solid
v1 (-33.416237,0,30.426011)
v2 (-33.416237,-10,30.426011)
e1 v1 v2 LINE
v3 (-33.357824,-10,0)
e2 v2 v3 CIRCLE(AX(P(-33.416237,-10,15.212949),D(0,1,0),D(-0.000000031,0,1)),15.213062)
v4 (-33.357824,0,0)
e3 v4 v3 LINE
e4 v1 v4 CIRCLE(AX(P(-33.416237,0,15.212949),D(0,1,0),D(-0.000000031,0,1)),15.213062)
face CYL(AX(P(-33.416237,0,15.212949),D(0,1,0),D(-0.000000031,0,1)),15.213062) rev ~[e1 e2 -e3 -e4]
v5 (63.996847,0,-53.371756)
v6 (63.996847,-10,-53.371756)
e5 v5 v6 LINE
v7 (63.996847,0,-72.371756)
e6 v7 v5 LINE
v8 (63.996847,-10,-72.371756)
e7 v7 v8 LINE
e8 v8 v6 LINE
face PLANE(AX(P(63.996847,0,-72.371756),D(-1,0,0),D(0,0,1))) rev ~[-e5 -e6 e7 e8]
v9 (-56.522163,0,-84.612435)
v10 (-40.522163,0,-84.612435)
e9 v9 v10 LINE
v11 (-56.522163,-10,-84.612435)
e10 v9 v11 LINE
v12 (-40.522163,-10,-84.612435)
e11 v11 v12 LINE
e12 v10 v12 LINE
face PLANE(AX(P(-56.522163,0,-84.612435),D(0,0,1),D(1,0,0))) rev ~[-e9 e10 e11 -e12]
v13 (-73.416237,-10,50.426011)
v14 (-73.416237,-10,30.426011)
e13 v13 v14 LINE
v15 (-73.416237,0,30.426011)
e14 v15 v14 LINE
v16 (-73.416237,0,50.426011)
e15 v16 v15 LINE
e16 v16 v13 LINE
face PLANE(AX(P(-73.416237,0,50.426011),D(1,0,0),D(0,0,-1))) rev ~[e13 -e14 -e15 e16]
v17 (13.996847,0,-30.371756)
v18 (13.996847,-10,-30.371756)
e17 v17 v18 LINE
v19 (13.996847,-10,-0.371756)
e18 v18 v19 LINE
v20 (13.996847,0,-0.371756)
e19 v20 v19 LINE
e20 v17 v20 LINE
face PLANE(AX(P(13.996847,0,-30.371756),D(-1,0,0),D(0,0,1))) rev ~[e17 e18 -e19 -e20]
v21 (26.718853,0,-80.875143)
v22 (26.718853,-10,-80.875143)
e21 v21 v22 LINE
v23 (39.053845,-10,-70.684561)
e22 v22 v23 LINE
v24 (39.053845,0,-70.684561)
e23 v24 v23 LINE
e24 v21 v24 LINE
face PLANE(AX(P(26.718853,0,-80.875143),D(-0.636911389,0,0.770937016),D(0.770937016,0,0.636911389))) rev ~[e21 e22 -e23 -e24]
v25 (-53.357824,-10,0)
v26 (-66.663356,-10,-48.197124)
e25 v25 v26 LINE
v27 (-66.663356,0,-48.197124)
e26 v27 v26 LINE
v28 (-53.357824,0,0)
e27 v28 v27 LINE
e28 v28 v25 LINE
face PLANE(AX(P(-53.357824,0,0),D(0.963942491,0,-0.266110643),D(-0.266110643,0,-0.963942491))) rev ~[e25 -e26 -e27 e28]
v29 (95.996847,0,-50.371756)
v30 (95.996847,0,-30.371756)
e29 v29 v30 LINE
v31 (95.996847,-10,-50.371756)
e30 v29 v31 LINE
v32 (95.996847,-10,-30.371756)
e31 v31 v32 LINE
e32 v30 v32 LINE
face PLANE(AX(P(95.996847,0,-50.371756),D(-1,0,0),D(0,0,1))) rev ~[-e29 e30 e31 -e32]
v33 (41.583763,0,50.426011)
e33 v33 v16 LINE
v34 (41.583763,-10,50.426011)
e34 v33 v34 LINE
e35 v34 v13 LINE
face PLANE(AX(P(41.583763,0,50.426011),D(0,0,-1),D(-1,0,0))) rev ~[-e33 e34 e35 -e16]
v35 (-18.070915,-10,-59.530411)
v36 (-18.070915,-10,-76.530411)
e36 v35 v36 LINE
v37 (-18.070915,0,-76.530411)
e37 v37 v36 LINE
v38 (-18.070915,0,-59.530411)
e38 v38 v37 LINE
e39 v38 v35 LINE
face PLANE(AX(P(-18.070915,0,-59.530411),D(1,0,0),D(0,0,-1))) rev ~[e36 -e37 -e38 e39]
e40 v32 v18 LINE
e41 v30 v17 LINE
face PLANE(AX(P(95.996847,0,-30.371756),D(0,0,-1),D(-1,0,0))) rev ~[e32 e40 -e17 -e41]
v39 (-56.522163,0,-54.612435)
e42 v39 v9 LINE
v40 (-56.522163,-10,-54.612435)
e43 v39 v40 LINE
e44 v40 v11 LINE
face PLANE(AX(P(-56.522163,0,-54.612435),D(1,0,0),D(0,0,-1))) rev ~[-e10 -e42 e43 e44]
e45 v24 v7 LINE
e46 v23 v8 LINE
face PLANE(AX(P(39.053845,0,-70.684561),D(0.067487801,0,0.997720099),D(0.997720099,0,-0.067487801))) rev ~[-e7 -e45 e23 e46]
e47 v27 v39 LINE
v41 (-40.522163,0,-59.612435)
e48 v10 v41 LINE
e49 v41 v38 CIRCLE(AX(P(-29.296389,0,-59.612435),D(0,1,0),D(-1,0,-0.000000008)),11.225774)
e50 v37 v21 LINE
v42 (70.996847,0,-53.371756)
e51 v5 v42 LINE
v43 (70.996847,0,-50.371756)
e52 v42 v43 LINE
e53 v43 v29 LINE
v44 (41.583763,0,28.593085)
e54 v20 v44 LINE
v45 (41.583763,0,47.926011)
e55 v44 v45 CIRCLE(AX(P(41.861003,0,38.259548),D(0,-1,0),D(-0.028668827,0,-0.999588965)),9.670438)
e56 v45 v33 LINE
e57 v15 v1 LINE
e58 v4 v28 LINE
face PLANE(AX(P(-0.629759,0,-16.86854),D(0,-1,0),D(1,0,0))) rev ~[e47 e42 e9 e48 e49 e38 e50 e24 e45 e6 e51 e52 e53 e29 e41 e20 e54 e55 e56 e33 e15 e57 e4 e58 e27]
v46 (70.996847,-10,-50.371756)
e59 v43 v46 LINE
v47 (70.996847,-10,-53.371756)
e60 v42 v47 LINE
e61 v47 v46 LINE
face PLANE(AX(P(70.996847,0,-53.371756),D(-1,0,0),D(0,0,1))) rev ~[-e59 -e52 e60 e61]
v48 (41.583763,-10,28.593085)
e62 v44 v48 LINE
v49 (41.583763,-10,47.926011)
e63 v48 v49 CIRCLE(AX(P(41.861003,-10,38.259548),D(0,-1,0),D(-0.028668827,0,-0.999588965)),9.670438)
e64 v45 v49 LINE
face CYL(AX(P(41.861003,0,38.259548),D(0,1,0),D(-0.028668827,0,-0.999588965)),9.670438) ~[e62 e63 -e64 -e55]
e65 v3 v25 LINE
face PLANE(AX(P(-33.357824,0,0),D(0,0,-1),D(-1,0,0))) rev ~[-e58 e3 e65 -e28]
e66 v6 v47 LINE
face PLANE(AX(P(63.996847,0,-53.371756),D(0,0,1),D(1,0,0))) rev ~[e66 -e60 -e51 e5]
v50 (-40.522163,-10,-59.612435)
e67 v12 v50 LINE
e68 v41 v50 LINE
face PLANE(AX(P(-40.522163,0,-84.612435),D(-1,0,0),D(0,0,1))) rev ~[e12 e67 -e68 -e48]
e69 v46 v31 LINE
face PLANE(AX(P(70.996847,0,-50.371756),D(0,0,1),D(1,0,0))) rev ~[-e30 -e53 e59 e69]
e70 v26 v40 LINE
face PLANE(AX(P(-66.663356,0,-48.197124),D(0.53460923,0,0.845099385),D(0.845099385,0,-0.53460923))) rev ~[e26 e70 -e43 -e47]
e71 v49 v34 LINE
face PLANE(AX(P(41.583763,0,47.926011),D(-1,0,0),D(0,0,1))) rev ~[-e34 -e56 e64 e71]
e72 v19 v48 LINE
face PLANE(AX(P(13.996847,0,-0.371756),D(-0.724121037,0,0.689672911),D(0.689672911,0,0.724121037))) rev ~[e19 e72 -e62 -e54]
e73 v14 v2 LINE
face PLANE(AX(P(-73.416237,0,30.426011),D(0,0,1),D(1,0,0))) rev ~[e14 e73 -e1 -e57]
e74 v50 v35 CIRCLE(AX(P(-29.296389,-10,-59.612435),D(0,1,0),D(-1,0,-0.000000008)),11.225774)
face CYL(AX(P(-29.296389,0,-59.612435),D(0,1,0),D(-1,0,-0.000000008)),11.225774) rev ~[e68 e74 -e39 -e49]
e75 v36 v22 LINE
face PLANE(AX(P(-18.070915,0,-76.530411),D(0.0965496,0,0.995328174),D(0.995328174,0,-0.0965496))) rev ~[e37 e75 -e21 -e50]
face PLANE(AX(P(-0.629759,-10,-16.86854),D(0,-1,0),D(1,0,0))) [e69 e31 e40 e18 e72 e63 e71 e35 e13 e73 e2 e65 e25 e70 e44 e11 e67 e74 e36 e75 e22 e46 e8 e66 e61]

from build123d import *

# Parameters (mm, degrees)
F1_DEPTH = 10


with BuildPart() as f1:
    # F0 (on Front) → F1 (new body)
    with BuildSketch(Plane.XZ):
        with BuildLine():
            Line((41.583763, 50.426011), (-73.416237, 50.426011))
            Line((-73.416237, 50.426011), (-73.416237, 30.426011))
            Line((-73.416237, 30.426011), (-33.416237, 30.426011))
            ThreePointArc((-33.416237, 30.426011), (-18.203203, 15.242156), (-33.357824, 0))
            Line((-33.357824, 0), (-53.357824, 0))
            Line((-53.357824, 0), (-66.663356, -48.197124))
            Line((-66.663356, -48.197124), (-56.522163, -54.612435))
            Line((-56.522163, -54.612435), (-56.522163, -84.612435))
            Line((-56.522163, -84.612435), (-40.522163, -84.612435))
            Line((-40.522163, -84.612435), (-40.522163, -59.612435))
            ThreePointArc((-40.522163, -59.612435), (-29.337402, -48.386736), (-18.070915, -59.530411))
            Line((-18.070915, -59.530411), (-18.070915, -76.530411))
            Line((-18.070915, -76.530411), (26.718853, -80.875143))
            Line((26.718853, -80.875143), (39.053845, -70.684561))
            Line((39.053845, -70.684561), (63.996847, -72.371756))
            Line((63.996847, -72.371756), (63.996847, -53.371756))
            Line((63.996847, -53.371756), (70.996847, -53.371756))
            Line((70.996847, -53.371756), (70.996847, -50.371756))
            Line((70.996847, -50.371756), (95.996847, -50.371756))
            Line((95.996847, -50.371756), (95.996847, -30.371756))
            Line((95.996847, -30.371756), (13.996847, -30.371756))
            Line((13.996847, -30.371756), (13.996847, -0.371756))
            Line((13.996847, -0.371756), (41.583763, 28.593085))
            ThreePointArc((41.583763, 28.593085), (51.531441, 38.259548), (41.583763, 47.926011))
            Line((41.583763, 47.926011), (41.583763, 50.426011))
        make_face()
    extrude(amount=F1_DEPTH)


solid = f1.part
